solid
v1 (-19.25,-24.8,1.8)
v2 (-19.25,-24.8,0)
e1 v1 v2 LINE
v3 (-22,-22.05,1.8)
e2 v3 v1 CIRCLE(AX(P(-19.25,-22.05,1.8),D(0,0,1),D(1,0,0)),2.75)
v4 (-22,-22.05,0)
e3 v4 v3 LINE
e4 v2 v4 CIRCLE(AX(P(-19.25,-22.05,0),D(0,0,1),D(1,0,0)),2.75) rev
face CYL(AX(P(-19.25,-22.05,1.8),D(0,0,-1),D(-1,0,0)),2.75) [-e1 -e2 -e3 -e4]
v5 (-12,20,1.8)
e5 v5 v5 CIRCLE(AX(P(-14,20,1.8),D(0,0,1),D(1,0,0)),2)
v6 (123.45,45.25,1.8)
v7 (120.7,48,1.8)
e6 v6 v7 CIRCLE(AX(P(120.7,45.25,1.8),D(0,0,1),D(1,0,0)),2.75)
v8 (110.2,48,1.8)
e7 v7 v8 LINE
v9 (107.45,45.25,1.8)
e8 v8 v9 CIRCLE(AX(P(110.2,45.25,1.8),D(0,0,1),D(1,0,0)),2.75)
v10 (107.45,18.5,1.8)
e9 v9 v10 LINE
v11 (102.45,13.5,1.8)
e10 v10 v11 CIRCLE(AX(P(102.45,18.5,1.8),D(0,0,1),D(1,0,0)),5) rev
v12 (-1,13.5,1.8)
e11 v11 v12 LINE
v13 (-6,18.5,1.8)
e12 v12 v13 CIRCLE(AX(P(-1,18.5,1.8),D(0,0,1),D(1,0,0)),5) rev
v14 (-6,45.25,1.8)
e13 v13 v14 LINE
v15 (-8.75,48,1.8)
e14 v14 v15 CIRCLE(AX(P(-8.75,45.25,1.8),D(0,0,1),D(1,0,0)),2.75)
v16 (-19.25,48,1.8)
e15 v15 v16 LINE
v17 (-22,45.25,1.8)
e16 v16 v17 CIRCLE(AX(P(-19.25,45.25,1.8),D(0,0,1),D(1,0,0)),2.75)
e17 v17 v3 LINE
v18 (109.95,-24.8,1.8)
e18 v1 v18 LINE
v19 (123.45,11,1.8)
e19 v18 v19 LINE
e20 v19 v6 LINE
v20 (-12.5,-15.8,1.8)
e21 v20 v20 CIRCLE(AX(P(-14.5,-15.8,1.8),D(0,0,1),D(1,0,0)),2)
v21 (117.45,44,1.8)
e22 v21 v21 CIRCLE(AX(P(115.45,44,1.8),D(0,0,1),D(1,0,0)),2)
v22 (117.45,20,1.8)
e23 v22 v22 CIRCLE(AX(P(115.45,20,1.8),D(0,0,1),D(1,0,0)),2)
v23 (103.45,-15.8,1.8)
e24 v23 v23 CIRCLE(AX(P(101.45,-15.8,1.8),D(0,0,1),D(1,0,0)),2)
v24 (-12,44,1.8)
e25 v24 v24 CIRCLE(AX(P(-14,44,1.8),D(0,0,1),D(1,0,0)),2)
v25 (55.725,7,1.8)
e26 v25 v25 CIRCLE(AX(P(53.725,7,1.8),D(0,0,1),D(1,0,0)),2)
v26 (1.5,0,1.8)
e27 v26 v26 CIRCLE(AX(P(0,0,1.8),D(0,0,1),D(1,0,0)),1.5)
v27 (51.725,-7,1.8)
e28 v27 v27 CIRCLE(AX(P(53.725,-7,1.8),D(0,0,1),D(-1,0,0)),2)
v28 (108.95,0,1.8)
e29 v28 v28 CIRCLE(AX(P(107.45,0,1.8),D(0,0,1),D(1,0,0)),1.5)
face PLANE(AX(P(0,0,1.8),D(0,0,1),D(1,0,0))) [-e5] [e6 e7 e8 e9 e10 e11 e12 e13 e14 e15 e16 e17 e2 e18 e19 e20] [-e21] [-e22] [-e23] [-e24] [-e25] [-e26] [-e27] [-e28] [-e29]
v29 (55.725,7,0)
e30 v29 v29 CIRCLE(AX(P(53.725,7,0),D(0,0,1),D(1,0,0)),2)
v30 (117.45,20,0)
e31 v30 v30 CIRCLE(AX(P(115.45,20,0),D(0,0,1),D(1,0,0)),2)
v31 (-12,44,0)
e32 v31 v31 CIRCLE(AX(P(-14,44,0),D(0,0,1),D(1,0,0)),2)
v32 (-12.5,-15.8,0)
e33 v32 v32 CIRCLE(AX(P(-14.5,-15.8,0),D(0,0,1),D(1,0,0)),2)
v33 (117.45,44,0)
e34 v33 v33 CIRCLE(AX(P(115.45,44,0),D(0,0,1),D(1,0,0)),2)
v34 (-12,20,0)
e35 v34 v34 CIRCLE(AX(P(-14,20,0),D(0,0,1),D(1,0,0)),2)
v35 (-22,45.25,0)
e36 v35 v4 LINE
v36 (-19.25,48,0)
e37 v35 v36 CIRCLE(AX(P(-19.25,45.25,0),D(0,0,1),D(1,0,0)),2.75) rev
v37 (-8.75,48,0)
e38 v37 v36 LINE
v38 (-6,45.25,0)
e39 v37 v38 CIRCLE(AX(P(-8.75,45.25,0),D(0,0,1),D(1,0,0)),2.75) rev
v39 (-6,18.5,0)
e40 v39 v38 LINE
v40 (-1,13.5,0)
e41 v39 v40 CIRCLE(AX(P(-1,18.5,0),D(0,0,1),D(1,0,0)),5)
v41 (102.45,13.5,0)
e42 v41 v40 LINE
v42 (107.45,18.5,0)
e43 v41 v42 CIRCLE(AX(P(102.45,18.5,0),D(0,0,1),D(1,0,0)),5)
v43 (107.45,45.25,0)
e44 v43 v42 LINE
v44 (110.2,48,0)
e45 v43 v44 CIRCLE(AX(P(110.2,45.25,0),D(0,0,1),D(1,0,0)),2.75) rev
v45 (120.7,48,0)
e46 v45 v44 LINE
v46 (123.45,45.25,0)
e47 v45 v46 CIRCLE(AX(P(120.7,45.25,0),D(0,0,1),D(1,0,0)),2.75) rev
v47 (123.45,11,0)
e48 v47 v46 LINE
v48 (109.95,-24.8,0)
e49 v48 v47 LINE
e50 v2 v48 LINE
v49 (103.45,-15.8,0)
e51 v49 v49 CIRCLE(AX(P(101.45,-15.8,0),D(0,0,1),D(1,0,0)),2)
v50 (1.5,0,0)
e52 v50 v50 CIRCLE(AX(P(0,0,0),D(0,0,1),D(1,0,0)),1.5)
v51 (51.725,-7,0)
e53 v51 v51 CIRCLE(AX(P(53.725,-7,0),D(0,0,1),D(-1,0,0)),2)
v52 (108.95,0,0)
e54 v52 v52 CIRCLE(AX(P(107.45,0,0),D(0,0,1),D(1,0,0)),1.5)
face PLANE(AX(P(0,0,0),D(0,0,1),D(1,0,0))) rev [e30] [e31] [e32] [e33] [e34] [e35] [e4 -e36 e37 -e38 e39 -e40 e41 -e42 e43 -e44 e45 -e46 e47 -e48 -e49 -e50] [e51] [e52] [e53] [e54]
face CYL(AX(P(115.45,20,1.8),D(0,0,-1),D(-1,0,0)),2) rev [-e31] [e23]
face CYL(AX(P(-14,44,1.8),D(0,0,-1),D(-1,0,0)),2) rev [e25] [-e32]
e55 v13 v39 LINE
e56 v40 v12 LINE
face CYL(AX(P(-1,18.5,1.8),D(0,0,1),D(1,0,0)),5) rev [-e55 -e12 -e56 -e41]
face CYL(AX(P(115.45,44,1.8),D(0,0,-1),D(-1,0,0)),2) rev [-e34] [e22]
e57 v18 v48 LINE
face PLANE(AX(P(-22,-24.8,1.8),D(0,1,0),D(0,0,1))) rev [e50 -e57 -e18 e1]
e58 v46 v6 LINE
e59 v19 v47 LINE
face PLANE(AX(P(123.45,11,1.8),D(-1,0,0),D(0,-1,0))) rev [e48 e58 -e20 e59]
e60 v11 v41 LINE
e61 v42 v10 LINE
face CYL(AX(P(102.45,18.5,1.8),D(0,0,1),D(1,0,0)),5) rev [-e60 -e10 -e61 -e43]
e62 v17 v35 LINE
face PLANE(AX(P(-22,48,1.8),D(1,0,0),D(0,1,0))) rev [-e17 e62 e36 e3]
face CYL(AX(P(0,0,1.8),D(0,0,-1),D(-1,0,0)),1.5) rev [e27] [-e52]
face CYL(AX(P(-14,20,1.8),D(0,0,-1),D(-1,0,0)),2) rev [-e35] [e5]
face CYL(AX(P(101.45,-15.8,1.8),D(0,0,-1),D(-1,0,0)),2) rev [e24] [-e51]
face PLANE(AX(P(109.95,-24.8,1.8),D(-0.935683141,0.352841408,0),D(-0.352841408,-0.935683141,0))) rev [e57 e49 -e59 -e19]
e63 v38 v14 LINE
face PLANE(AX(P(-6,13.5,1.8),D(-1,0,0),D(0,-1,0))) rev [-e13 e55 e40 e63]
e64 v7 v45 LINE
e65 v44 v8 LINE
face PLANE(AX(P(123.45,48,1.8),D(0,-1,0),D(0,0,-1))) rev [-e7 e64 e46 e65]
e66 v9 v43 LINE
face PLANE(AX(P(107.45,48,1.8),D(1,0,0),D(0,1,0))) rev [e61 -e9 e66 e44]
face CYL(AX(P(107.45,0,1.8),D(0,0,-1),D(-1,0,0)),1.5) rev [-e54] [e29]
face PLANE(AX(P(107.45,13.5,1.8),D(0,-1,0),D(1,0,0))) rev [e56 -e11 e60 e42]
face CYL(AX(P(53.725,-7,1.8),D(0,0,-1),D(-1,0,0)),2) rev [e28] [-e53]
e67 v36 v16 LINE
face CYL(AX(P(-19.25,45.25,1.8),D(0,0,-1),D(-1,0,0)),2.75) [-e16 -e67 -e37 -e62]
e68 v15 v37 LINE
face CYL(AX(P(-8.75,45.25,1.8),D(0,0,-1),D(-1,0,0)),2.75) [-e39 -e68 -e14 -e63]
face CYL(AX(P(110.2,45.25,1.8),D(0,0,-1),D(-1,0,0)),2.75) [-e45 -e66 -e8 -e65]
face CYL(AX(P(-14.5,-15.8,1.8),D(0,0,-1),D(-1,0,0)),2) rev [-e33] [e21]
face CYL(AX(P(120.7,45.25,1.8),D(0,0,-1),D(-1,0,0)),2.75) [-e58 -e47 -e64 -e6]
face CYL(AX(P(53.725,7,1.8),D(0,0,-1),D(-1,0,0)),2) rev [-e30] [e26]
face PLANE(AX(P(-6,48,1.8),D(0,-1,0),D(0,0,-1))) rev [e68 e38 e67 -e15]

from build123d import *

# Parameters (mm, degrees)
SKETCH_1_R      = 1.5
SKETCH_1_R_2    = 2
EXTRUDE_1_DEPTH = 1.8
FILLET_1_R      = 2.75
FILLET_2_R      = 5


with BuildPart() as part:
    # 草图1 → 凸台-拉伸1 (new body)
    with BuildSketch(Plane.XY):
        Polygon((-22, -24.8), (109.95, -24.8), (123.45, 11), (123.45, 48), (107.45, 48), (107.45, 13.5), (-6, 13.5), (-6, 48), (-22, 48), align=None)
        Circle(SKETCH_1_R, mode=Mode.SUBTRACT)
        with Locations((107.45, 0)):
            Circle(SKETCH_1_R, mode=Mode.SUBTRACT)
        with Locations((115.45, 20)):
            Circle(SKETCH_1_R_2, mode=Mode.SUBTRACT)
        with Locations((-14, 20)):
            Circle(SKETCH_1_R_2, mode=Mode.SUBTRACT)
        with Locations((-14.5, -15.8)):
            Circle(SKETCH_1_R_2, mode=Mode.SUBTRACT)
        with Locations((101.45, -15.8)):
            Circle(SKETCH_1_R_2, mode=Mode.SUBTRACT)
        with Locations((115.45, 44)):
            Circle(SKETCH_1_R_2, mode=Mode.SUBTRACT)
        with Locations((-14, 44)):
            Circle(SKETCH_1_R_2, mode=Mode.SUBTRACT)
        with Locations((53.725, 7)):
            Circle(SKETCH_1_R_2, mode=Mode.SUBTRACT)
        with Locations(Location((53.725, -7, 0), (0, 0, 180))):
            Circle(SKETCH_1_R_2, mode=Mode.SUBTRACT)
    extrude(amount=EXTRUDE_1_DEPTH)

    # 圆角1
    fillet_1_edges = [part.edges().sort_by_distance(p)[0] for p in [
        (-22, 48, 0.9),
        (-6, 48, 0.9),
        (107.45, 48, 0.9),
        (123.45, 48, 0.9),
        (-22, -24.8, 0.9),
    ]]
    fillet(fillet_1_edges, radius=FILLET_1_R)

    # 圆角2
    fillet_2_edges = [part.edges().sort_by_distance(p)[0] for p in [
        (-6, 13.5, 0.9),
        (107.45, 13.5, 0.9),
    ]]
    fillet(fillet_2_edges, radius=FILLET_2_R)


solid = part.part
